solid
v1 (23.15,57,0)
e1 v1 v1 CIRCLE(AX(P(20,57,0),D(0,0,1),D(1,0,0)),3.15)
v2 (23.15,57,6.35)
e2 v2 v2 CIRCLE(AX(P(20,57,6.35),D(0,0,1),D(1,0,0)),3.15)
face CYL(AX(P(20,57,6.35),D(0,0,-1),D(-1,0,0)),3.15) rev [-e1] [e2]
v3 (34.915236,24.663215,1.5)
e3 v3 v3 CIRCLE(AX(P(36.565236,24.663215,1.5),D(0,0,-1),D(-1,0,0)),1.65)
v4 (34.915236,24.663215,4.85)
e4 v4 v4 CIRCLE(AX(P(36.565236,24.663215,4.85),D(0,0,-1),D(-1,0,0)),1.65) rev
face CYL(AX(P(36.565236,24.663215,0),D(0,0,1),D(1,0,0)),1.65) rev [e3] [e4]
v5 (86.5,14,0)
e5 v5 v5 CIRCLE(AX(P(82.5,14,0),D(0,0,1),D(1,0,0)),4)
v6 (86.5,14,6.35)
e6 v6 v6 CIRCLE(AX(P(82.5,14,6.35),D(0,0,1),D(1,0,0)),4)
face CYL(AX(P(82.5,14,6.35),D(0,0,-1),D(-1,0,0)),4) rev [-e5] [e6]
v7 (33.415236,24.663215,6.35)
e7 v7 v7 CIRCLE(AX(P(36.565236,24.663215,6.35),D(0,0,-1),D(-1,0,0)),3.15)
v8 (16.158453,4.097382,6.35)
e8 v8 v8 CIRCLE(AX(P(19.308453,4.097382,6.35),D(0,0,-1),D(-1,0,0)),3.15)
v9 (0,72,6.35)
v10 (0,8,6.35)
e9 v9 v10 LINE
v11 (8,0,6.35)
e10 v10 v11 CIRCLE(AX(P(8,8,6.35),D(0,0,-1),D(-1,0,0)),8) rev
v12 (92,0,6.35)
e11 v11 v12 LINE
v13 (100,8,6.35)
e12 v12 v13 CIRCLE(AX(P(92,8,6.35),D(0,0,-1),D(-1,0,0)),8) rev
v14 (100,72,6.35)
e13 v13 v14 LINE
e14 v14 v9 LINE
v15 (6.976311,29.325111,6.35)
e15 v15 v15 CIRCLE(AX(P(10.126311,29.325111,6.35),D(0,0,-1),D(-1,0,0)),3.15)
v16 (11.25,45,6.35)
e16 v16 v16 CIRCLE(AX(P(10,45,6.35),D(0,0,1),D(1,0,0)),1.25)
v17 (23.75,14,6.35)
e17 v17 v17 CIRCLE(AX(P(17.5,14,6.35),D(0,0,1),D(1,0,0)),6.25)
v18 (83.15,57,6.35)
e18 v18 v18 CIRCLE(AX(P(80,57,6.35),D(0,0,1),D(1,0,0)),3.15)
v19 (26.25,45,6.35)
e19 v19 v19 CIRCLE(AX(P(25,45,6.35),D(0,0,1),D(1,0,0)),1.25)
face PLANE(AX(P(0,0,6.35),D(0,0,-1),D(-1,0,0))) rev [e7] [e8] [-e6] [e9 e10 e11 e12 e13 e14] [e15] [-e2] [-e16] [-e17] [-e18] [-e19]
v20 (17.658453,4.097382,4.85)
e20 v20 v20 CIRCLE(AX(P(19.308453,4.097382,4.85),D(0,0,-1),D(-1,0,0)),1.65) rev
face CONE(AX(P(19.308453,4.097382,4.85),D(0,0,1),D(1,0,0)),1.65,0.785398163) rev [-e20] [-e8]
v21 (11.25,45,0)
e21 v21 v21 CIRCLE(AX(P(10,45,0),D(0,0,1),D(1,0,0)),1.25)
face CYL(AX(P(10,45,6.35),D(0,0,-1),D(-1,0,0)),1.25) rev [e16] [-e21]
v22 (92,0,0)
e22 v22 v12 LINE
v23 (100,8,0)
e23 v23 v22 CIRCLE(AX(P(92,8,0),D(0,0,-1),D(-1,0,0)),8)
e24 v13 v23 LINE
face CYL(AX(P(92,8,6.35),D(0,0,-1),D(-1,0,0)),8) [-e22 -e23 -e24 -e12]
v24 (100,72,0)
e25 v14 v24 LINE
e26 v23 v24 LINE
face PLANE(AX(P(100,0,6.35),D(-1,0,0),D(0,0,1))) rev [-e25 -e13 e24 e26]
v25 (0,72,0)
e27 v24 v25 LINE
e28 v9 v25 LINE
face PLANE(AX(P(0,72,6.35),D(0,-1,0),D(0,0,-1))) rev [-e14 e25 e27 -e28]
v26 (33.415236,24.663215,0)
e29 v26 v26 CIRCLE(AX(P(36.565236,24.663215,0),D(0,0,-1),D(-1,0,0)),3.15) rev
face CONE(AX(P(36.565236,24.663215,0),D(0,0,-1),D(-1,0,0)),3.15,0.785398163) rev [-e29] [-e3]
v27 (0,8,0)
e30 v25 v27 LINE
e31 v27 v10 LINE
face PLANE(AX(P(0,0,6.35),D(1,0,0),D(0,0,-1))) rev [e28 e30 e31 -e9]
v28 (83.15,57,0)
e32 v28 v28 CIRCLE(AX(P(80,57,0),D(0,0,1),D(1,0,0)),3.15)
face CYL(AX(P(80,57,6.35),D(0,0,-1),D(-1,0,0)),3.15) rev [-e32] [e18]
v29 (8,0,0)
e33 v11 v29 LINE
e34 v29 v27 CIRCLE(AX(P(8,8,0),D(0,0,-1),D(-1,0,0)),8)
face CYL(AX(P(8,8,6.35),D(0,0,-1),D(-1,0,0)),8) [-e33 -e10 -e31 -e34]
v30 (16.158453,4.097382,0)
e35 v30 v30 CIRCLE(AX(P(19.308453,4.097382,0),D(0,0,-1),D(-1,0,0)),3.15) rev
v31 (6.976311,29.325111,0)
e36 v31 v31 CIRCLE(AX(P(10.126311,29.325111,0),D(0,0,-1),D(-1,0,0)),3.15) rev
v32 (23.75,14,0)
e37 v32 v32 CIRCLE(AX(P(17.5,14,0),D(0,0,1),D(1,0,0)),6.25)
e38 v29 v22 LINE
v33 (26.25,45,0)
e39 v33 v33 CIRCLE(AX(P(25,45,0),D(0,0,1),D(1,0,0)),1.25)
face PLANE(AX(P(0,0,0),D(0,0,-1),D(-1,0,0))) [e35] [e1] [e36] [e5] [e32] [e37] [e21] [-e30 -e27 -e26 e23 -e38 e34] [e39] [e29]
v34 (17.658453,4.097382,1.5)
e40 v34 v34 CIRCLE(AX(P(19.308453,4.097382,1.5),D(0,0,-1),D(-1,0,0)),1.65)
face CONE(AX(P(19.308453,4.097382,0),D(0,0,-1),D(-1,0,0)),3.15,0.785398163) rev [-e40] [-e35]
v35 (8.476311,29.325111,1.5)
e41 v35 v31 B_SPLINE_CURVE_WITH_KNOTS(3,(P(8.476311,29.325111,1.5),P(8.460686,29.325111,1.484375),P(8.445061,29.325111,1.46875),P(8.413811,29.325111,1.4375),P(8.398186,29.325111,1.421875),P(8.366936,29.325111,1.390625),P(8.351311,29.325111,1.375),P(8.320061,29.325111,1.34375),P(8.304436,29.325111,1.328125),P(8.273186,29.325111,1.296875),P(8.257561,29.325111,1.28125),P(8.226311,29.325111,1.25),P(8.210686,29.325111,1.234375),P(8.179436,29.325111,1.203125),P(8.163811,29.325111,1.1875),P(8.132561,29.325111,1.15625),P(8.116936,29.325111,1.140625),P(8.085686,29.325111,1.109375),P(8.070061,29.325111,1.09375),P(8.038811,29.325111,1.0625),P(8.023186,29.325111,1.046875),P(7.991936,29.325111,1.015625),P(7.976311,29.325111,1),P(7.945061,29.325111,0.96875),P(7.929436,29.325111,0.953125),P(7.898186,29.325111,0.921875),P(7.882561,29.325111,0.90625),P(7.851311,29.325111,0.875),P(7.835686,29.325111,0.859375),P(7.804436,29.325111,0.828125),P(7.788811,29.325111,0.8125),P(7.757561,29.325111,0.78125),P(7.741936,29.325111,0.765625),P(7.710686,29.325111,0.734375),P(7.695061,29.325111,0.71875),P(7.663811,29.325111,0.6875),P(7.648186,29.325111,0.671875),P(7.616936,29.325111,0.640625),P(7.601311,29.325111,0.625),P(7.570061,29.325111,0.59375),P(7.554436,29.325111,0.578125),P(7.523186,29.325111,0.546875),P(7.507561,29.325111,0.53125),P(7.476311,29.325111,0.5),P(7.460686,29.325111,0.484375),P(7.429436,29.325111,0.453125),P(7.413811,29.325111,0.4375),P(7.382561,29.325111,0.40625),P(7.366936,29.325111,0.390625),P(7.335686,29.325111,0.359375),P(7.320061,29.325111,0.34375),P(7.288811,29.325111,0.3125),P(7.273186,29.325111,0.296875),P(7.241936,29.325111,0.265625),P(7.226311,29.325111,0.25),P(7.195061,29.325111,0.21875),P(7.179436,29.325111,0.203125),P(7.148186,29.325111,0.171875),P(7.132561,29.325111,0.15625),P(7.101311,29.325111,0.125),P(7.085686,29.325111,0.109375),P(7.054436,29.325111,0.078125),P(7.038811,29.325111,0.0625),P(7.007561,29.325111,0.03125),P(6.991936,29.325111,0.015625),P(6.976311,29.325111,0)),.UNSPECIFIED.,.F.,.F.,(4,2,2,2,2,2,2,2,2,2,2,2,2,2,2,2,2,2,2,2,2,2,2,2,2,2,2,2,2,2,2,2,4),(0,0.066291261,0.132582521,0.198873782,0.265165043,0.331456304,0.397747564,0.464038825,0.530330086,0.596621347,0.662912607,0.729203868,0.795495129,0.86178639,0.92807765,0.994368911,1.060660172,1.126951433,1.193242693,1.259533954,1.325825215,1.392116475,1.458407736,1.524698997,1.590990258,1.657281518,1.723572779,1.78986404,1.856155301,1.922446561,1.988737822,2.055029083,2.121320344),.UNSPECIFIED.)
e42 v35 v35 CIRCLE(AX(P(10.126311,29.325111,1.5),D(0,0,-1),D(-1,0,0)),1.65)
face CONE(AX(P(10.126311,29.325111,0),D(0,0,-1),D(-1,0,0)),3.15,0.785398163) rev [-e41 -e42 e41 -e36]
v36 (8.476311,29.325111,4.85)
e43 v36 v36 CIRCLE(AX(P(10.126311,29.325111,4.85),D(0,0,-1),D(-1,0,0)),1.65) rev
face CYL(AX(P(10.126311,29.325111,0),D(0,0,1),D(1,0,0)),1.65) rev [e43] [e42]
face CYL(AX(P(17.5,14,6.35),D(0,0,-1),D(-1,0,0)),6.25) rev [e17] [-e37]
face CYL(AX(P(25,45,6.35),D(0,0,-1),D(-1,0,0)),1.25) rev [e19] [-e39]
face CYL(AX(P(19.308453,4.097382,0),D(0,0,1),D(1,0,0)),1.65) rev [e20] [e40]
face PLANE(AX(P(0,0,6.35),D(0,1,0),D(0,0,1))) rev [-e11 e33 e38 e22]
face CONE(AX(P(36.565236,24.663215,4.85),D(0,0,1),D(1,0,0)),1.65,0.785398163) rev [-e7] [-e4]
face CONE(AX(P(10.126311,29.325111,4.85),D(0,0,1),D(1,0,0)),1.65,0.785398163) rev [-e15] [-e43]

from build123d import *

# Parameters (mm, degrees)
SKETCH2_W           = 100
SKETCH2_H           = 72
BOSS_EXTRUDE1_DEPTH = 6.35
FILLET1_R           = 8
SKETCH4_R           = 6.25
SKETCH4_R_2         = 4
SKETCH4_R_3         = 3.15
SKETCH4_R_4         = 1.25
CUT_EXTRUDE9_DEPTH  = 124.386881393
SKETCH5_R           = 1.65
CUT_EXTRUDE11_DEPTH = 124.386881393
CHAMFER1_SIZE       = 1.5


with BuildPart() as part:
    # Sketch2 → Boss-Extrude1 (new body)
    with BuildSketch(Plane.XY):
        with Locations((50, 36)):
            Rectangle(SKETCH2_W, SKETCH2_H)
    extrude(amount=BOSS_EXTRUDE1_DEPTH)

    # Fillet1
    fillet1_edges = [part.edges().sort_by_distance(p)[0] for p in [
        (100, 0, 3.175),
        (0, 0, 3.175),
    ]]
    fillet(fillet1_edges, radius=FILLET1_R)

    # Sketch4 → Cut-Extrude9 (cut, through all)
    with BuildSketch(Plane.XY):
        with Locations((17.5, 14)):
            Circle(SKETCH4_R)
        with Locations((82.5, 14)):
            Circle(SKETCH4_R_2)
        with Locations((20, 57)):
            Circle(SKETCH4_R_3)
        with Locations((80, 57)):
            Circle(SKETCH4_R_3)
        with Locations((10, 45)):
            Circle(SKETCH4_R_4)
        with Locations((25, 45)):
            Circle(SKETCH4_R_4)
    extrude(amount=CUT_EXTRUDE9_DEPTH, mode=Mode.SUBTRACT)

    # Sketch5 → Cut-Extrude11 (cut, through all)
    with BuildSketch(Plane.XY.offset(6.35)):
        with Locations((10.126311132, 29.325110598)):
            Circle(SKETCH5_R)
        with Locations((36.565235622, 24.663214869)):
            Circle(SKETCH5_R)
        with Locations((19.308453246, 4.097382476)):
            Circle(SKETCH5_R)
    extrude(amount=-CUT_EXTRUDE11_DEPTH, mode=Mode.SUBTRACT)

    # Chamfer1
    chamfer1_edges = [part.edges().sort_by_distance(p)[0] for p in [
        (8.476311132, 29.325110598, 0),
        (8.476311132, 29.325110598, 6.35),
        (34.915235622, 24.663214869, 0),
        (34.915235622, 24.663214869, 6.35),
        (17.658453246, 4.097382476, 0),
        (17.658453246, 4.097382476, 6.35),
    ]]
    chamfer(chamfer1_edges, length=CHAMFER1_SIZE)


solid = part.part
